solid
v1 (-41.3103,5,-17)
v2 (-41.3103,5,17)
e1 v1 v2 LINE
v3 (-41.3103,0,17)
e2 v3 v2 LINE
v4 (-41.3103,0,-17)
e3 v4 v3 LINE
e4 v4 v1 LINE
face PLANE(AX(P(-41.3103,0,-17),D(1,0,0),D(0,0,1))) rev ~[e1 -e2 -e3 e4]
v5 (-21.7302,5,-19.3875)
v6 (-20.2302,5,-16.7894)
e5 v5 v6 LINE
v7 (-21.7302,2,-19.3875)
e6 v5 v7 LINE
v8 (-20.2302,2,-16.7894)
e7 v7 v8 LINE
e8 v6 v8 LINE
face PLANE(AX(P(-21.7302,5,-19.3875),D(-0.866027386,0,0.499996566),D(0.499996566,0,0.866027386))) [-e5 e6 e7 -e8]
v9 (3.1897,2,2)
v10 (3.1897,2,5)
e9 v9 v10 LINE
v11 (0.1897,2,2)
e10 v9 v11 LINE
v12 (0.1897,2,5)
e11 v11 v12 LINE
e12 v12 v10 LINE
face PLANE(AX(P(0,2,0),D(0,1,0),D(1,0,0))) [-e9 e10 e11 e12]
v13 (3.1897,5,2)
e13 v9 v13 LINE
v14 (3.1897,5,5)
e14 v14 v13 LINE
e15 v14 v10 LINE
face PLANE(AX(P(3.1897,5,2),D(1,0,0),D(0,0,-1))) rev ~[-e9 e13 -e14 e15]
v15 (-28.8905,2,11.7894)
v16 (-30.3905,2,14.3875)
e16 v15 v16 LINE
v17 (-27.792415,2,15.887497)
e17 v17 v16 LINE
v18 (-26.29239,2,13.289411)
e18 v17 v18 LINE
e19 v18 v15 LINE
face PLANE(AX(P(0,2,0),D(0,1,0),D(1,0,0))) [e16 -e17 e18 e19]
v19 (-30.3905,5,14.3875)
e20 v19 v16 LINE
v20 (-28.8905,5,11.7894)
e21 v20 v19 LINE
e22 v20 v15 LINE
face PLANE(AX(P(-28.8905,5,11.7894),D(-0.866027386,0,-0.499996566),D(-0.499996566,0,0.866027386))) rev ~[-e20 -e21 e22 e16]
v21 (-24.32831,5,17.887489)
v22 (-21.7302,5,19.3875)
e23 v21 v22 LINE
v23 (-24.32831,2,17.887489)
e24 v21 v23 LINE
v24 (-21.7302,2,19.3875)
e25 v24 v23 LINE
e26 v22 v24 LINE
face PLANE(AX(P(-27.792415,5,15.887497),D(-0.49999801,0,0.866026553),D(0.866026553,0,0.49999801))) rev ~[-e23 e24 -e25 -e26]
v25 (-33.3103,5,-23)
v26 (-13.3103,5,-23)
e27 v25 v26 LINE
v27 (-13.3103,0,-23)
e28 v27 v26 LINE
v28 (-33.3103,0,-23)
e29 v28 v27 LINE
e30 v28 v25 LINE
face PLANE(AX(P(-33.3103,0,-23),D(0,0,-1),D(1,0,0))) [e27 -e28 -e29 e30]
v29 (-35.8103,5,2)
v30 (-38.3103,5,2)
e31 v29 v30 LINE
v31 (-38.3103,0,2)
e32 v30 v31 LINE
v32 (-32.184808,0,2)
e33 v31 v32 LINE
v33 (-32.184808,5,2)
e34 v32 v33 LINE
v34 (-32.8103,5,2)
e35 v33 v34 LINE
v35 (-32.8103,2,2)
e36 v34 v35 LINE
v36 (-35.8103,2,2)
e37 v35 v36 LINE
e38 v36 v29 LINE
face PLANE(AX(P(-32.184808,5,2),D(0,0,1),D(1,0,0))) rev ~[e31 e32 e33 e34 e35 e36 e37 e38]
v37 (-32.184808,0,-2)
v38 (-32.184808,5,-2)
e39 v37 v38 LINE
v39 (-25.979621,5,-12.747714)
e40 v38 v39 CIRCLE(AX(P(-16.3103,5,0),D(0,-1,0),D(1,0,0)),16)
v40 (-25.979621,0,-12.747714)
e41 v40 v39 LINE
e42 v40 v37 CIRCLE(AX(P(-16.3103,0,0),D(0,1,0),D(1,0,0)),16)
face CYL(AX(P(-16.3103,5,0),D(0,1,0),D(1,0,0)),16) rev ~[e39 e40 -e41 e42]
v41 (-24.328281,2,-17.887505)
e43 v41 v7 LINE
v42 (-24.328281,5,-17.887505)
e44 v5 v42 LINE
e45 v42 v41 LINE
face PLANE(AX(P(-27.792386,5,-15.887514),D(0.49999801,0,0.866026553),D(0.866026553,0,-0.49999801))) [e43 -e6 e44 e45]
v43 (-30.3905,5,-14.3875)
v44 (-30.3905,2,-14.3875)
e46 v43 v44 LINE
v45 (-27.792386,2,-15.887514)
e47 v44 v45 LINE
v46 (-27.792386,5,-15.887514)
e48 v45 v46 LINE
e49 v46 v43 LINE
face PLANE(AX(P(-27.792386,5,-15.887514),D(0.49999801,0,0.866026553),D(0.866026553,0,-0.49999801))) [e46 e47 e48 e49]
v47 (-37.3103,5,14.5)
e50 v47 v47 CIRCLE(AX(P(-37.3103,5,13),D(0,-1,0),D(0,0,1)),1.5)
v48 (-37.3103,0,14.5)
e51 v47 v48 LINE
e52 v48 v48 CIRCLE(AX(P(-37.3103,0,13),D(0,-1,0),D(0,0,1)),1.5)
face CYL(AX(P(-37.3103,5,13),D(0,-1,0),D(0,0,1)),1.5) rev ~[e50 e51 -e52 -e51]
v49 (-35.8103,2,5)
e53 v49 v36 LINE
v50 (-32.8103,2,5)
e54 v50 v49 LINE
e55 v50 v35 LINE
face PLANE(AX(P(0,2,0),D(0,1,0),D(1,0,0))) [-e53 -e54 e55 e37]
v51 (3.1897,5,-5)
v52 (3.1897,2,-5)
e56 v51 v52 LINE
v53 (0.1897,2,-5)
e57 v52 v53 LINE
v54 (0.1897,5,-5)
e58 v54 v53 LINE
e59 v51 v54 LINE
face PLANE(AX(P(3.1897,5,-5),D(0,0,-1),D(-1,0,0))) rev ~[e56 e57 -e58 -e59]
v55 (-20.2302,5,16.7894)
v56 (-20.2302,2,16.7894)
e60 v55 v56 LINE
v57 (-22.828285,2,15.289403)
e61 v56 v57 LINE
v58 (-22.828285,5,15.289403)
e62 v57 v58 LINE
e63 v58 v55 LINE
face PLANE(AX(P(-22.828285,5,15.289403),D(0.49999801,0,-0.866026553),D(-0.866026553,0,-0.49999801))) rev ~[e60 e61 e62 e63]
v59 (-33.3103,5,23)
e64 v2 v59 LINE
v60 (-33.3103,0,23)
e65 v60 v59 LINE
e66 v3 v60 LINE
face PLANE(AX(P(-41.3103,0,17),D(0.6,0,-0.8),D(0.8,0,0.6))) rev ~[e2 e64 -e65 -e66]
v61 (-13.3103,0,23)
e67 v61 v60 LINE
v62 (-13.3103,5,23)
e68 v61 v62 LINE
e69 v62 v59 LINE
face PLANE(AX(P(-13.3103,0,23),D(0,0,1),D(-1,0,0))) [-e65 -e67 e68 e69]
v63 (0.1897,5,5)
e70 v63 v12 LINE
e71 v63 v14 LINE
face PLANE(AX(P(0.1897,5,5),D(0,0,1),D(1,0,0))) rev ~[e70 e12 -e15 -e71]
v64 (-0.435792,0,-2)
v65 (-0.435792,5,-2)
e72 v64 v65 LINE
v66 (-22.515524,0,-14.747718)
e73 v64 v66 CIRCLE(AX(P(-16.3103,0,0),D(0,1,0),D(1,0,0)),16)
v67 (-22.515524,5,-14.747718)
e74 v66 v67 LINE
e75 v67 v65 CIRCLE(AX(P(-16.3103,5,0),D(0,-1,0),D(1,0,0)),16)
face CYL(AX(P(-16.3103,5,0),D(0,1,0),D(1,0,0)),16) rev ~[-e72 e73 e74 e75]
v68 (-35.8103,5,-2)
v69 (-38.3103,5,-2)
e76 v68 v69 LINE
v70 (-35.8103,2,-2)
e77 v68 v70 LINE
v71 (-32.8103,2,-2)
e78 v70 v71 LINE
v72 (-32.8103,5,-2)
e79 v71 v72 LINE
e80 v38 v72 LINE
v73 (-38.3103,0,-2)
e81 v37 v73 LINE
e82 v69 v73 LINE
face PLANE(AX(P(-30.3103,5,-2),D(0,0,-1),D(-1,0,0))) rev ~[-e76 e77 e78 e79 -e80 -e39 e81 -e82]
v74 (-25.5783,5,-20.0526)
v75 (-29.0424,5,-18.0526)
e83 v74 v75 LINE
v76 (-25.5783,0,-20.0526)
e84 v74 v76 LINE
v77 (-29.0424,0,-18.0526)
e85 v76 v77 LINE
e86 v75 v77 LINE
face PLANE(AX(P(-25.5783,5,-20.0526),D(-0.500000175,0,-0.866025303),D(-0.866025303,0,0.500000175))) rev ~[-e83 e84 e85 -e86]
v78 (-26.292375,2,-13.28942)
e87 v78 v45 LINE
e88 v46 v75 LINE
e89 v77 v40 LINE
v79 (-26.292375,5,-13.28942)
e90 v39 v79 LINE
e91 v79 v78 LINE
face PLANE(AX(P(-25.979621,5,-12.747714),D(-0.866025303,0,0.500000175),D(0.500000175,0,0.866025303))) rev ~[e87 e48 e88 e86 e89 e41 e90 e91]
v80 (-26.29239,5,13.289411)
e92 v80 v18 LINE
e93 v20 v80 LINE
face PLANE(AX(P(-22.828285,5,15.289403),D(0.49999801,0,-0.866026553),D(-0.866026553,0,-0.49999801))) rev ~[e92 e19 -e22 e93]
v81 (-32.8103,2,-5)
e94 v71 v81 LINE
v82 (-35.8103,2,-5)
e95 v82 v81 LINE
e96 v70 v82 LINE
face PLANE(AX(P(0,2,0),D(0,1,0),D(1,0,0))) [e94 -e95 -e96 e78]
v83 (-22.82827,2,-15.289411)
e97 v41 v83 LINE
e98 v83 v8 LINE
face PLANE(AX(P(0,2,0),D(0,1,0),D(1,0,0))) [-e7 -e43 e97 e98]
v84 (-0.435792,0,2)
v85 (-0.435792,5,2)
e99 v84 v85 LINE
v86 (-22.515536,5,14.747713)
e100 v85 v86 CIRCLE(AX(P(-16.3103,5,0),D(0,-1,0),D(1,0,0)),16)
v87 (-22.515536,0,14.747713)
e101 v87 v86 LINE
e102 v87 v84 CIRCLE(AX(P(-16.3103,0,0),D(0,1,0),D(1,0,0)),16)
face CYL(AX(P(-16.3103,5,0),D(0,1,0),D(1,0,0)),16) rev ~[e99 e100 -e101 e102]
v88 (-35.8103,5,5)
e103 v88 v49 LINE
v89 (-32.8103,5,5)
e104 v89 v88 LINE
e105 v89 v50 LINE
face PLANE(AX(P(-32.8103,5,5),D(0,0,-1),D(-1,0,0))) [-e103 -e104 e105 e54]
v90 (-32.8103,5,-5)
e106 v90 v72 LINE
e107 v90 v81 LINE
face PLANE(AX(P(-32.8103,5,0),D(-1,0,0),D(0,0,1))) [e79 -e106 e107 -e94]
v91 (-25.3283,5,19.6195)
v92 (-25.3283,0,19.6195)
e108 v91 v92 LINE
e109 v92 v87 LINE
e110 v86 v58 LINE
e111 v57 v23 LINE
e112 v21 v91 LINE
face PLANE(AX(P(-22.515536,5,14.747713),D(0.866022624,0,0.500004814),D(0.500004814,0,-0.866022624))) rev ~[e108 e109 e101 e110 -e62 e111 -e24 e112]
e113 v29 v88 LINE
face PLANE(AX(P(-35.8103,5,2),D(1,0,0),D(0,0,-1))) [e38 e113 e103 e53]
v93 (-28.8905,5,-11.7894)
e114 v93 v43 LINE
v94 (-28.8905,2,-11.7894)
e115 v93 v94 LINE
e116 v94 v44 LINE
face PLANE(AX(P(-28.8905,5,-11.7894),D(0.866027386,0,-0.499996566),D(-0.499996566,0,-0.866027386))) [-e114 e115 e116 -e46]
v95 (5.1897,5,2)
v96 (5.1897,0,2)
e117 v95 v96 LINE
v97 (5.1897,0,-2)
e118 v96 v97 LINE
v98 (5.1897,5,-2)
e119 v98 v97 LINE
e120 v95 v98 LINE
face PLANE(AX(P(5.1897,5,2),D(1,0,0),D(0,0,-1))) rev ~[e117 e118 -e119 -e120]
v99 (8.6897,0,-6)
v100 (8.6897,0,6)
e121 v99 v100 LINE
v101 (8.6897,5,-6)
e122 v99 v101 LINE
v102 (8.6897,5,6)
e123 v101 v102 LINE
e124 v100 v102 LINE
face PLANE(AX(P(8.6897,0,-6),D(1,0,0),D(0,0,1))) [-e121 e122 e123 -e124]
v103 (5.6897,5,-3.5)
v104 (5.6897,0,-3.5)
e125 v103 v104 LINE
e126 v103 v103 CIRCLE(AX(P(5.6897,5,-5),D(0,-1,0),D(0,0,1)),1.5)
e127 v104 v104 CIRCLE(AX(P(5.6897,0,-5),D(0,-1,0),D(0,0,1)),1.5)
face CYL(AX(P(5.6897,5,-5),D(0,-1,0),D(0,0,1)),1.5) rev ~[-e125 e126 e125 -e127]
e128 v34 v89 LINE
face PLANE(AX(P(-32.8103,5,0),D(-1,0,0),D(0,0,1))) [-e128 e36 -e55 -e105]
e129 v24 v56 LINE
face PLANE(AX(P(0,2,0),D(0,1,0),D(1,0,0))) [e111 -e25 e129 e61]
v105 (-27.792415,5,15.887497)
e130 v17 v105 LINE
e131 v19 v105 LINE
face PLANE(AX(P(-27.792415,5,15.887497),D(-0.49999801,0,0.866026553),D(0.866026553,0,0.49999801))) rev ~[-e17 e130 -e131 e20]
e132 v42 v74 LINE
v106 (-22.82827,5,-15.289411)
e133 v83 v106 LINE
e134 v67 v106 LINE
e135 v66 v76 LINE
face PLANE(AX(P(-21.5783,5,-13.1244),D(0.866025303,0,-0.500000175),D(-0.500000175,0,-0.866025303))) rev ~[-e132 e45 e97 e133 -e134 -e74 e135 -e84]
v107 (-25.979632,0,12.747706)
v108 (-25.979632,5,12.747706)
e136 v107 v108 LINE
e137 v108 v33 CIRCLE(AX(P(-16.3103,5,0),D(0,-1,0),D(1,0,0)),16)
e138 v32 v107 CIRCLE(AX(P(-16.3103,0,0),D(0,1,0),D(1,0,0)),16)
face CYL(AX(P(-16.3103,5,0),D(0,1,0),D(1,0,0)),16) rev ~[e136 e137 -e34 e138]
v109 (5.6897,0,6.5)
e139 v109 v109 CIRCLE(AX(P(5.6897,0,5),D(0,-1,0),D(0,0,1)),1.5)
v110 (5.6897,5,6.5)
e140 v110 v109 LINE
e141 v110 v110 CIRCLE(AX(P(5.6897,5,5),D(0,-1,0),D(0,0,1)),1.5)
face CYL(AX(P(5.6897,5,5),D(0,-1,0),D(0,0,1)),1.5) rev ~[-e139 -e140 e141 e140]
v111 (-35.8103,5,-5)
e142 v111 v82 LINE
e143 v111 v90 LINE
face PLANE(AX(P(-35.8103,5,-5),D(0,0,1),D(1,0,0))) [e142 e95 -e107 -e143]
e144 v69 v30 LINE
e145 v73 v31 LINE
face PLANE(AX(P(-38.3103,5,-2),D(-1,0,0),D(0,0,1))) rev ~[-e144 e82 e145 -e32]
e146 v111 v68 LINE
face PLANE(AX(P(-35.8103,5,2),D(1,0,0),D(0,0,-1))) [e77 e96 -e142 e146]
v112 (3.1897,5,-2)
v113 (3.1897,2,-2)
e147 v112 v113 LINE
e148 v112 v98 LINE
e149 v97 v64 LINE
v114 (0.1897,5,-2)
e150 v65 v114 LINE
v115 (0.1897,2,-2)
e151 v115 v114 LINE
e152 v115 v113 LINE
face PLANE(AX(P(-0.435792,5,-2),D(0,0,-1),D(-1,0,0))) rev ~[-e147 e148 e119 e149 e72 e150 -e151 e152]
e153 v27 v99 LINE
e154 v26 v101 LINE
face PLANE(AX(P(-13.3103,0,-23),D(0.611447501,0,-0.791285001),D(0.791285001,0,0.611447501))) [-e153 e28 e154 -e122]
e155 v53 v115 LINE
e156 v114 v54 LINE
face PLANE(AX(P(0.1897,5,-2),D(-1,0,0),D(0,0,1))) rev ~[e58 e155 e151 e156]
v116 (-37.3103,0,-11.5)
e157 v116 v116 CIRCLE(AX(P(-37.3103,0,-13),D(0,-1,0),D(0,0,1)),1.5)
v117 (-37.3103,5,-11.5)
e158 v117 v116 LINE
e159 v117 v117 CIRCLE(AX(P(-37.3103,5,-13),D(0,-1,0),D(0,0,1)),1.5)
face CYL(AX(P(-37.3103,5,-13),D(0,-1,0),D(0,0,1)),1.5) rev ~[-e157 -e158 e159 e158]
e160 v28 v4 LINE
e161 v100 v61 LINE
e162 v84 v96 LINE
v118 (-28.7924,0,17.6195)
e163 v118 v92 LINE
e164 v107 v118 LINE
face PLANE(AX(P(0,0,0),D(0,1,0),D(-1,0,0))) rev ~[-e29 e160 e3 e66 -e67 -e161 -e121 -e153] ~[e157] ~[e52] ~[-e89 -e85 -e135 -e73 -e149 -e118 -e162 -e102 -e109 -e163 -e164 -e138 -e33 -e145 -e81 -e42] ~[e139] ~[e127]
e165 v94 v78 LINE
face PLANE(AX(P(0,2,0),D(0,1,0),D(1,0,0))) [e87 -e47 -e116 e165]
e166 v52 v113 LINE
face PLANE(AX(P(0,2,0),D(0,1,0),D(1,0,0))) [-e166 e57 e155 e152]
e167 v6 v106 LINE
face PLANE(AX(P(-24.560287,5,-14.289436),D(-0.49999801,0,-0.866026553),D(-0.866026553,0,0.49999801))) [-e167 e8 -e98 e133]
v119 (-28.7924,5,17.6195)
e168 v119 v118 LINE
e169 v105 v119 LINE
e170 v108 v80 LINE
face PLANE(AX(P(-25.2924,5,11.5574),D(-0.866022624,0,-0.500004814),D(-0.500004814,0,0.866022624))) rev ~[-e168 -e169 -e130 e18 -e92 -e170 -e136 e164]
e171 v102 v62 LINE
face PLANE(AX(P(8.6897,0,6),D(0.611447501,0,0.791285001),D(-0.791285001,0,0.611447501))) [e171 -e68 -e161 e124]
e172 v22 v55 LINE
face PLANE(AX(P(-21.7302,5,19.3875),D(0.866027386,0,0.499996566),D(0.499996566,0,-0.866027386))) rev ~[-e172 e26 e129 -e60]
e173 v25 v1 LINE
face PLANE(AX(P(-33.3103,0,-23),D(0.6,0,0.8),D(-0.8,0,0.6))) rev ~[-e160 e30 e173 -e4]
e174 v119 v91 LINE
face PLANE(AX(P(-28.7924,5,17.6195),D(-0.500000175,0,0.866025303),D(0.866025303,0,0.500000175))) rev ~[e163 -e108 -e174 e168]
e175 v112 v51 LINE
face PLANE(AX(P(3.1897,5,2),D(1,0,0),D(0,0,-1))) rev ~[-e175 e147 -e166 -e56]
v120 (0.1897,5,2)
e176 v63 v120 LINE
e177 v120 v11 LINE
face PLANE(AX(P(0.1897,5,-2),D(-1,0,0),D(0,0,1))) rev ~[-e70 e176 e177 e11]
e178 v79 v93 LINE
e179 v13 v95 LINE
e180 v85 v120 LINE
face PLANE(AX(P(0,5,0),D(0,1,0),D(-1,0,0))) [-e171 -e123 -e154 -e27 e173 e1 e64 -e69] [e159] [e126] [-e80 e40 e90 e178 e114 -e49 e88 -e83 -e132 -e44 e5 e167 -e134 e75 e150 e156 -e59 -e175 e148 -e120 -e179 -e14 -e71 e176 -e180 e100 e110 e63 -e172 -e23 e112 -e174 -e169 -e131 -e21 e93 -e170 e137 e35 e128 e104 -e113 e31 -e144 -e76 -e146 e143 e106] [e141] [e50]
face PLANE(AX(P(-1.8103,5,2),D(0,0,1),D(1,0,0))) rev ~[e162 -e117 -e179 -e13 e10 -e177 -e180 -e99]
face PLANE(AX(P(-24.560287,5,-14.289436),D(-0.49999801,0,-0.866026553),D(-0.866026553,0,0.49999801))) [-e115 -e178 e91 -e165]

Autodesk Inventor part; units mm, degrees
ref_plane "YZ Plane" through (0, 0, 0) normal (1, 0, 0) x (0, 1, 0)
ref_plane "XZ Plane" through (0, 0, 0) normal (0, 1, 0) x (-1, 0, 0)
ref_plane "XY Plane" through (0, 0, 0) normal (0, 0, 1) x (1, 0, 0)
sketch "スケッチ1" plane through (0, 0, 0) normal (0, 1, 0) x (-1, 0, 0)
  line L0 (33.3103, -23) -> (13.3103, -23)
  line L1 (13.3103, -23) -> (-8.6897, -6)
  line L2 (-8.6897, -6) -> (-8.6897, 6)
  line L3 (-8.6897, 6) -> (13.3103, 23)
  line L4 (13.3103, 23) -> (33.3103, 23)
  line L5 (-8.6897, -6) -> (33.3103, 23) construction
  line L6 (33.3103, -23) -> (-8.6897, 6) construction
  line L7 (33.3103, -23) -> (41.3103, -17)
  line L8 (41.3103, -17) -> (41.3103, 17)
  line L9 (41.3103, 17) -> (33.3103, 23)
  point P0 (0, 0)
  point P1 (0, 0)
  dimension "d1" = 46
  dimension "d50" = 20
  dimension "d51" = 20
  dimension "d52" = 17
  dimension "d53" = 17
  dimension "d72" = 8
  dimension "d73" = 6
  dimension "d74" = 6
  dimension "d75" = 50
extrude "押し出し5" add sketch "スケッチ1" along normal blind 5
ref_plane "作業平面2" through (0, 5, 0) normal (0, 1, 0) x (1, 0, 0)
sketch "スケッチ4" plane through (0, 5, 0) normal (0, 1, 0) x (1, 0, 0)
  line L0 (-16.3103, 0) -> (-25.3103, -15.5885)
  line L1 (-25.3103, -15.5885) -> (-16.3103, 0)
  line L2 (-25.3103, 15.5885) -> (-16.3103, 0)
  line L3 (-16.3103, 0) -> (1.6897, 0)
  line L4 (-20.2302, -16.7894) -> (-28.8905, -11.7894)
  line L5 (-28.8905, -11.7894) -> (-30.3905, -14.3875)
  line L6 (-30.3905, -14.3875) -> (-21.7302, -19.3875)
  line L7 (-21.7302, -19.3875) -> (-20.2302, -16.7894)
  line L8 (-20.2302, -16.7894) -> (-30.3905, -14.3875) construction
  line L9 (-28.8905, -11.7894) -> (-21.7302, -19.3875) construction
  line L10 (-20.2302, 16.7894) -> (-28.8905, 11.7894)
  line L11 (-28.8905, 11.7894) -> (-30.3905, 14.3875)
  line L12 (-30.3905, 14.3875) -> (-21.7302, 19.3875)
  line L13 (-21.7302, 19.3875) -> (-20.2302, 16.7894)
  line L14 (-20.2302, 16.7894) -> (-30.3905, 14.3875) construction
  line L15 (-28.8905, 11.7894) -> (-21.7302, 19.3875) construction
  line L16 (-25.2924, -11.5574) -> (-28.7924, -17.6195)
  line L17 (-28.7924, -17.6195) -> (-25.3283, -19.6195)
  line L18 (-25.3283, -19.6195) -> (-21.8283, -13.5574)
  line L19 (-21.8283, -13.5574) -> (-25.2924, -11.5574)
  line L20 (-25.2924, -11.5574) -> (-25.3283, -19.6195) construction
  line L21 (-28.7924, -17.6195) -> (-21.8283, -13.5574) construction
  line L22 (-29.0424, 18.0526) -> (-25.0424, 11.1244)
  line L23 (-25.0424, 11.1244) -> (-21.5783, 13.1244)
  line L24 (-21.5783, 13.1244) -> (-25.5783, 20.0526)
  line L25 (-25.5783, 20.0526) -> (-29.0424, 18.0526)
  line L26 (-29.0424, 18.0526) -> (-21.5783, 13.1244) construction
  line L27 (-25.0424, 11.1244) -> (-25.5783, 20.0526) construction
  line L28 (3.1897, -5) -> (3.1897, 5)
  line L29 (3.1897, 5) -> (0.1897, 5)
  line L30 (0.1897, 5) -> (0.1897, -5)
  line L31 (0.1897, -5) -> (3.1897, -5)
  line L32 (3.1897, -5) -> (0.1897, 5) construction
  line L33 (3.1897, 5) -> (0.1897, -5) construction
  line L34 (5.1897, 2) -> (-1.8103, 2)
  line L35 (-1.8103, 2) -> (-1.8103, -2)
  line L36 (-1.8103, -2) -> (5.1897, -2)
  line L37 (5.1897, -2) -> (5.1897, 2)
  line L38 (5.1897, 2) -> (-1.8103, -2) construction
  line L39 (-1.8103, 2) -> (5.1897, -2) construction
  circle A0 centre (-16.3103, 0) radius 16
  line L40 (-41.3103, 17) -> (-41.3103, -17) projected
  line L41 (-16.3103, 0) -> (-34.3103, 0)
  line L42 (-32.8103, -5) -> (-35.8103, -5)
  line L43 (-35.8103, -5) -> (-35.8103, 5)
  line L44 (-35.8103, 5) -> (-32.8103, 5)
  line L45 (-32.8103, 5) -> (-32.8103, -5)
  line L46 (-32.8103, -5) -> (-35.8103, 5) construction
  line L47 (-35.8103, -5) -> (-32.8103, 5) construction
  line L48 (-38.3103, -2) -> (-30.3103, -2)
  line L49 (-30.3103, -2) -> (-30.3103, 2)
  line L50 (-30.3103, 2) -> (-38.3103, 2)
  line L51 (-38.3103, 2) -> (-38.3103, -2)
  line L52 (-38.3103, -2) -> (-30.3103, 2) construction
  line L53 (-30.3103, -2) -> (-38.3103, 2) construction
  point P0 (-31.7241, 0)
  point P1 (-41.3103, 0)
  point P2 (-41.3103, 0)
  dimension "d8" = 120
  dimension "d9" = 120
  dimension "d10" = 18
  dimension "d11" = 18
  dimension "d12" = 18
  dimension "d13" = 4
  dimension "d14" = 4
  dimension "d15" = 4
  dimension "d16" = 7
  dimension "d17" = 3
  dimension "d18" = 10
  dimension "d19" = 8
  dimension "d20" = 10
  dimension "d21" = 3
  dimension "d22" = 10
  dimension "d23" = 3
  dimension "d24" = 7
  dimension "d29" = 32
  dimension "d79" = 25
  dimension "d121" = 18
  dimension "d122" = 4
  dimension "d123" = 8
  dimension "d124" = 3
  dimension "d125" = 10
extrude "押し出し2" cut sketch "スケッチ4" against normal blind 10 contours L19 L18 A0 L0 | L0 A0 L16 L19 | L23 L22 A0 L2 | L2 A0 L24 L23 | L35 L34 A0 L3 | L3 A0 L36 L35 | L49 L48 A0 L41 | L41 A0 L50 L49 | A0 L18 L4 L0 | L0 L4 L16 A0 | A0 L22 L10 L2 | L2 L10 L24 A0 | A0 L34 L30 L3 | L3 L30 L36 A0 | L41 L45 L50 A0 | A0 L48 L45 L41 | L4 L18 L6 L16 | L10 L22 L12 L24 | L30 L34 L28 L36 | L45 L48 L43 L50 | L18 L17 L16 L6 | L12 L22 L25 L24 | L34 L37 L36 L28 | L43 L48 L51 L50
extrude "押し出し3" cut sketch "スケッチ4" against normal blind 3 contours L4 L18 L6 L16 | L10 L22 L12 L24 | L30 L34 L28 L36 | L45 L48 L43 L50 | L4 L7 L6 L18 | L16 L6 L5 L4 | L24 L12 L13 L10 | L10 L11 L12 L22 | L30 L29 L28 L34 | L36 L28 L31 L30 | L50 L43 L44 L45 | L45 L42 L43 L48
extrude "押し出し4" cut sketch "スケッチ4" against normal blind 10 contours L3 L35 L36 A0 L18 L19 L0 | L41 L49 L50 A0 L22 L23 L2 | L2 L23 L24 A0 L34 L35 L3 | L0 L19 L16 A0 L48 L49 L41 | L19 L18 A0 L0 | L0 A0 L16 L19 | L23 L22 A0 L2 | L2 A0 L24 L23 | L35 L34 A0 L3 | L3 A0 L36 L35 | L49 L48 A0 L41 | L41 A0 L50 L49
ref_plane "作業平面1" through (0, 5, 0) normal (0, 1, 0) x (1, 0, 0)
sketch "スケッチ6" plane through (0, 5, 0) normal (0, 1, 0) x (1, 0, 0)
  line L0 (8.6897, -6) -> (8.6897, 6) projected
  line L1 (-33.3103, -23) -> (-13.3103, -23) projected
  line L2 (-13.3103, 23) -> (-33.3103, 23) projected
  point P0 (0, 0)
  point P1 (5.6897, 5)
  point P2 (5.6897, -5)
  point P3 (-37.3103, 13)
  point P4 (-37.3103, -13)
  dimension "d58" = 1
  dimension "d59" = 1
  dimension "d60" = 24
  dimension "d80" = 3
  dimension "d81" = 10
  dimension "d82" = 10
hole "穴2" at (5.6897, 5, -5) at (5.6897, 5, 5) at (-37.3103, 5, -13) at (-37.3103, 5, 13) direction (0, -1, 0) diameter 3 end through all
equation "\"d11\" = d10"
equation "\"d12\" = d10"
equation "\"d14\" = d13"
equation "\"d15\" = d13"
equation "\"d20\" = d18"
equation "\"d21\" = d17"
equation "\"d22\" = d18"
equation "\"d23\" = d17"
equation "\"d24\" = d16"
equation "\"d121\" = d11"
equation "\"d122\" = d14"
equation "\"d123\" = d19"
equation "\"d124\" = d21"
equation "\"d125\" = d20"
equation "\"d66\" = Thickness"
equation "\"BendRadius\" = Thickness"
equation "\"BendReliefWidth\" = Thickness"
equation "\"BendReliefDepth\" = 0.5 * Thickness"
equation "\"TransitionRadius\" = BendRadius"
equation "\"JacobiRadiusSize\" = Thickness"
equation "\"GapSize\" = Thickness"
equation "\"d2\" = Thickness"
equation "\"Thickness\" = 5"
properties part number "trackball-base" material "アルミニウム 6061"
